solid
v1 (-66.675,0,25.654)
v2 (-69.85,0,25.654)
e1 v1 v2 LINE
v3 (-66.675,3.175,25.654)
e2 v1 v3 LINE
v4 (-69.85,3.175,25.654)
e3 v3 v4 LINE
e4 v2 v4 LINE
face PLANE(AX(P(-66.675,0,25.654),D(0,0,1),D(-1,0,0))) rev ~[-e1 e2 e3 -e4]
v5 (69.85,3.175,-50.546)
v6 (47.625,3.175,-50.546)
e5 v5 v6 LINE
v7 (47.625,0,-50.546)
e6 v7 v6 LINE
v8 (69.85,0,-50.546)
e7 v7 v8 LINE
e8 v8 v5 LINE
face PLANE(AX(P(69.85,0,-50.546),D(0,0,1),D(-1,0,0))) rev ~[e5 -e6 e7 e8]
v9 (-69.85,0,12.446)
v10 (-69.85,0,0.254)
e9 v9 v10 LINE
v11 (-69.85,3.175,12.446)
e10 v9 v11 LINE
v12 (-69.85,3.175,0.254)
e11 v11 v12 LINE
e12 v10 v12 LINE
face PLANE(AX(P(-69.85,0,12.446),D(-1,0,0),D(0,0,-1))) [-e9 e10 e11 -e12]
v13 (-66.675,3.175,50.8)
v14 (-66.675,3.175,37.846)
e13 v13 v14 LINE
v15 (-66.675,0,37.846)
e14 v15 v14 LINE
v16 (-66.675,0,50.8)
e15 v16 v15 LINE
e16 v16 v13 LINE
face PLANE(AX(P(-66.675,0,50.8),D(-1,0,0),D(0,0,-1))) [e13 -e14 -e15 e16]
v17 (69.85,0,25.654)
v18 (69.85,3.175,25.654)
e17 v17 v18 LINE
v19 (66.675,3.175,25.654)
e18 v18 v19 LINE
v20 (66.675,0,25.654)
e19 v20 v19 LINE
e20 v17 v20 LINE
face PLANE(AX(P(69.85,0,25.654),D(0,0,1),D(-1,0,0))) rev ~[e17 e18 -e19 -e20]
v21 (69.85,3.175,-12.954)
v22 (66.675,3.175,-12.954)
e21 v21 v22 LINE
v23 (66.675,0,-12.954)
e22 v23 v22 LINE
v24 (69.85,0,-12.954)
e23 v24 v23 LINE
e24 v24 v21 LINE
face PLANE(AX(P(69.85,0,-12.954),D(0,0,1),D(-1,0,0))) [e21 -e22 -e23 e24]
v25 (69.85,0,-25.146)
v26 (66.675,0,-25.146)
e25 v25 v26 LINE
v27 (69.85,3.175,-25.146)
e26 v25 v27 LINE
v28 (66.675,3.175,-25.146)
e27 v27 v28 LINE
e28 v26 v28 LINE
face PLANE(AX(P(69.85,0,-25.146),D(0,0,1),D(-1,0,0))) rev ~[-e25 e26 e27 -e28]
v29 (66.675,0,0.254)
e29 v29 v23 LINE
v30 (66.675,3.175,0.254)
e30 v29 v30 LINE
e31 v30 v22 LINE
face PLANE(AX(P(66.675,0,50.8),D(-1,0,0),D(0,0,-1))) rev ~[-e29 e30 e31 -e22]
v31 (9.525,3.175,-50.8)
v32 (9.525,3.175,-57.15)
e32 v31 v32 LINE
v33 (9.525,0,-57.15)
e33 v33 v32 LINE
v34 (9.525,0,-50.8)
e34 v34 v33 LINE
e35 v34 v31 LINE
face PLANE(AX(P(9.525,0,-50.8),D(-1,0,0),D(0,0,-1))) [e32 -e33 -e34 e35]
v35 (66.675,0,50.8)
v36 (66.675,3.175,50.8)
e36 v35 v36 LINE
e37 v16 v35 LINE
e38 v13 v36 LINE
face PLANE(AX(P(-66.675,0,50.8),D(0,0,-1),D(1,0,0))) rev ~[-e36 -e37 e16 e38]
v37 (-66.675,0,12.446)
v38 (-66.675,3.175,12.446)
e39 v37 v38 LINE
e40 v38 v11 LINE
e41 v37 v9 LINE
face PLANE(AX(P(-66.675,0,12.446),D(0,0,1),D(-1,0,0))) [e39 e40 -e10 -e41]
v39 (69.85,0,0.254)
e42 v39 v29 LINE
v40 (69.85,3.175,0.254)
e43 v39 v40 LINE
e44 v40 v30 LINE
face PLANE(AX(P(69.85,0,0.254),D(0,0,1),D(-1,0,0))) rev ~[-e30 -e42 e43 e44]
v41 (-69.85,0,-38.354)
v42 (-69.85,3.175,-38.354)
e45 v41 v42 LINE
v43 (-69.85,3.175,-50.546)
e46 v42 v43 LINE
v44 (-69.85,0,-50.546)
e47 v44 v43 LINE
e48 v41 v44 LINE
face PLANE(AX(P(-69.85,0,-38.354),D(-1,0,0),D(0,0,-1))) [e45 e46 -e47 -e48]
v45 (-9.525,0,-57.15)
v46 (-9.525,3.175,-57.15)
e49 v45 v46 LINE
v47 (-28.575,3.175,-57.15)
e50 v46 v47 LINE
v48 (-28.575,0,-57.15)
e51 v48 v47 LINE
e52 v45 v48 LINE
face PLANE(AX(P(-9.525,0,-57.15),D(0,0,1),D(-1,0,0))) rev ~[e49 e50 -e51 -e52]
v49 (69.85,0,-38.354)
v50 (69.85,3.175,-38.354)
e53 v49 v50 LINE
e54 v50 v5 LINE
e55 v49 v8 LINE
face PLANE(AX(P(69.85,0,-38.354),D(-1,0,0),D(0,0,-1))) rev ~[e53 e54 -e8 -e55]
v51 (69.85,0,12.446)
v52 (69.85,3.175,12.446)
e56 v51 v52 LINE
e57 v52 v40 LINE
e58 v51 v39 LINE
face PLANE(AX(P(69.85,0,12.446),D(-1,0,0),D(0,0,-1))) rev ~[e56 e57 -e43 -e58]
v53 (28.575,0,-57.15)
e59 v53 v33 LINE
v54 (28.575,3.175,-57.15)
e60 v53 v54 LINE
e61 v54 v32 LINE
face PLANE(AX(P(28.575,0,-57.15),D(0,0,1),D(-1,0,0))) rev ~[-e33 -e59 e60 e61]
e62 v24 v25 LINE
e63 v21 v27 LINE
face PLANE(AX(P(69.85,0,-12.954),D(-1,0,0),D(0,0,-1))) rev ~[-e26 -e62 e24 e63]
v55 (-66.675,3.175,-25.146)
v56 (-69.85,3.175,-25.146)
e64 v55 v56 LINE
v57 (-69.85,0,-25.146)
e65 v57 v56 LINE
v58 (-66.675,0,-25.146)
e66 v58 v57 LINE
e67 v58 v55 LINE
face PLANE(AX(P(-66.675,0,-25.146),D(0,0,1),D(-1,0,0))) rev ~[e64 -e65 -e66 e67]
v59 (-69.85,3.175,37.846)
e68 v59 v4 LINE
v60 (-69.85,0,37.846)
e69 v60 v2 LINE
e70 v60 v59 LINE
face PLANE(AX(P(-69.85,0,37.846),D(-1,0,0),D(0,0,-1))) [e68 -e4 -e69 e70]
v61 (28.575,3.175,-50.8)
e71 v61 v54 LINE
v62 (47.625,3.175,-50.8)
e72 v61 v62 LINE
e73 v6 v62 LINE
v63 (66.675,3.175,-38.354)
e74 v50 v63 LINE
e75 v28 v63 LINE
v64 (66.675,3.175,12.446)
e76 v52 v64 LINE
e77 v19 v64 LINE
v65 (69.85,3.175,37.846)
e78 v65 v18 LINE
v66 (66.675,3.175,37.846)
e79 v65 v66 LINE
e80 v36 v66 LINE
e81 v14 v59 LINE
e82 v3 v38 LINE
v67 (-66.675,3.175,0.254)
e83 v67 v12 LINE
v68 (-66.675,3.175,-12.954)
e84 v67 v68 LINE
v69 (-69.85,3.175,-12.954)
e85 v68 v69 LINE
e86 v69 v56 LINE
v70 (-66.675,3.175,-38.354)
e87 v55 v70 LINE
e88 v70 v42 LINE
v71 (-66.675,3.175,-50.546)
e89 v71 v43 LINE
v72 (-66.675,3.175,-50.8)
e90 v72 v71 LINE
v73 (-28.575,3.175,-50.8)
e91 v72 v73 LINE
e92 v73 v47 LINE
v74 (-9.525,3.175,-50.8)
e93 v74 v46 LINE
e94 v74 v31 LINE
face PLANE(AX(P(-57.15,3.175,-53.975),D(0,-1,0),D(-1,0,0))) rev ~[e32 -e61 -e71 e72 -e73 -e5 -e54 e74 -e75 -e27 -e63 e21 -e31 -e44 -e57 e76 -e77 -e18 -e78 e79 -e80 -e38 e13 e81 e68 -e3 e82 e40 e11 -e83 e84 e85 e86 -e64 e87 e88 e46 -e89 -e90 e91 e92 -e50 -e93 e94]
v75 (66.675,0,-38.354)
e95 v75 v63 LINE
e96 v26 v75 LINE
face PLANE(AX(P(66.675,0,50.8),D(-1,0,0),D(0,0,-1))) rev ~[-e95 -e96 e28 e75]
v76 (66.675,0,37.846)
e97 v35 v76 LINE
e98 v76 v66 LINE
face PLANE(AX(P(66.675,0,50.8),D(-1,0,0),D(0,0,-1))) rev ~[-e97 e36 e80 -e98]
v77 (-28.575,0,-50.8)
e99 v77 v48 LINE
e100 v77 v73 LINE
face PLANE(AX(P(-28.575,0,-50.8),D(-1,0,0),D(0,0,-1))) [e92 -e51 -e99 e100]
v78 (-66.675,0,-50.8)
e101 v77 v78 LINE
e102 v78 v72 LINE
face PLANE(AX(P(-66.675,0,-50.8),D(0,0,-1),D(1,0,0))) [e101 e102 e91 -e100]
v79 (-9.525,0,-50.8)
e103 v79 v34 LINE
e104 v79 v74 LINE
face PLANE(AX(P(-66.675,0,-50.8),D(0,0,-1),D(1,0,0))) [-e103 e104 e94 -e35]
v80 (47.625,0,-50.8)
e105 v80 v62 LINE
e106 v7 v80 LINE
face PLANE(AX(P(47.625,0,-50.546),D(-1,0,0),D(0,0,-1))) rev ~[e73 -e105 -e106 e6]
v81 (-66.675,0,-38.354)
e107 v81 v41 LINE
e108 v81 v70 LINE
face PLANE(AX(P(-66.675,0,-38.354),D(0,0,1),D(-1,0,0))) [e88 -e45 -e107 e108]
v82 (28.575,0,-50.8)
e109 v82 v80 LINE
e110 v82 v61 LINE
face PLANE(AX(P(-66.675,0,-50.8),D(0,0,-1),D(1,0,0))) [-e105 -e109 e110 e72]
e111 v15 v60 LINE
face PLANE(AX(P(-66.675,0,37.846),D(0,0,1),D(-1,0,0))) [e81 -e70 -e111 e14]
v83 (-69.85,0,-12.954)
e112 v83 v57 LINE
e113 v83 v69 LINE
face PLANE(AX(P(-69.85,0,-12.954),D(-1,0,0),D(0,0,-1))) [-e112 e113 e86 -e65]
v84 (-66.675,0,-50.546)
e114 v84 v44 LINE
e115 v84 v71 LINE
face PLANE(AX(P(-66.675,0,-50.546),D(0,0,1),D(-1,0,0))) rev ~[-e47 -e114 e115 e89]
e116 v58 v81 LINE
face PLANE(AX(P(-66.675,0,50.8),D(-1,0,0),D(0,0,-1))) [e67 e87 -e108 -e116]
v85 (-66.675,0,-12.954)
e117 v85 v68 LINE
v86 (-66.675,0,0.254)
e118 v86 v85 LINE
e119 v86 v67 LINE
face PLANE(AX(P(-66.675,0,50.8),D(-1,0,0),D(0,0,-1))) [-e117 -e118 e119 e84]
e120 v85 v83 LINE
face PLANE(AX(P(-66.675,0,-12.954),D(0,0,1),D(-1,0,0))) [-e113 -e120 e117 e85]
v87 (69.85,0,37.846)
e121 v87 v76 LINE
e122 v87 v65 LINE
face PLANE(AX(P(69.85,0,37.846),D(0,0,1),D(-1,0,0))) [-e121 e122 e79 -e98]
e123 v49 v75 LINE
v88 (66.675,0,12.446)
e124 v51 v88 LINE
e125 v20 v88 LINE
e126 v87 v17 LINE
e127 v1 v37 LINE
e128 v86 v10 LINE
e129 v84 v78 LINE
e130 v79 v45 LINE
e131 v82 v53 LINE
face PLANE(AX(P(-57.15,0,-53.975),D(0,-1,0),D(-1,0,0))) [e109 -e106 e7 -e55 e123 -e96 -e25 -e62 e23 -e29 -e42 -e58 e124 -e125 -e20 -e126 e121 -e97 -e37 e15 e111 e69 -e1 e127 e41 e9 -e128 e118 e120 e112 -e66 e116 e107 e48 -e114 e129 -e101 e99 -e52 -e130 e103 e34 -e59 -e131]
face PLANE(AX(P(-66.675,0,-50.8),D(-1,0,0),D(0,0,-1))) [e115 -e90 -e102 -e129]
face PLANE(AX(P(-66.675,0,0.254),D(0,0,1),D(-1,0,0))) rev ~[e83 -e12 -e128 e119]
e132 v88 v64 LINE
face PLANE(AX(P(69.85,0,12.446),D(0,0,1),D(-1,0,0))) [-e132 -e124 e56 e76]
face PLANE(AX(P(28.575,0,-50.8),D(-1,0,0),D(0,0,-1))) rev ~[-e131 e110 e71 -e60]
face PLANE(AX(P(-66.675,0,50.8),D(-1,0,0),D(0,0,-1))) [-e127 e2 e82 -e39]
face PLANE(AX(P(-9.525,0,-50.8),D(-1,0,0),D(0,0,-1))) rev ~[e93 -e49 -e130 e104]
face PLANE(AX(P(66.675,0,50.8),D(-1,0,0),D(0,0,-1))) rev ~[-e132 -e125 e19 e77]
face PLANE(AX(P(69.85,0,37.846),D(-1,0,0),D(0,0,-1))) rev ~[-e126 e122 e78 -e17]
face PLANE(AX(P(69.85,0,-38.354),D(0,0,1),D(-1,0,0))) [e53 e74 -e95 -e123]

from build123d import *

# Parameters (mm, degrees)
SKETCH1_W           = 133.35
SKETCH1_H           = 101.6
BOSS_EXTRUDE1_DEPTH = 3.175
SKETCH2_W           = 3.175
SKETCH2_H           = 12.192
SKETCH2_W_2         = 19.05
SKETCH2_H_2         = 6.35
BOSS_EXTRUDE2_DEPTH = 3.175
SKETCH3_W           = 19.05
SKETCH3_H           = 6.35
SKETCH3_H_2         = 6.604
CUT_EXTRUDE1_DEPTH  = 91.306287849


with BuildPart() as part:
    # Sketch1 → Boss-Extrude1 (new body)
    with BuildSketch(Plane(origin=(0, 0, 0), x_dir=(1, 0, 0), z_dir=(0, 1, 0))):
        Rectangle(SKETCH1_W, SKETCH1_H)
    extrude(amount=BOSS_EXTRUDE1_DEPTH)

    # Sketch2 → Boss-Extrude2 (add)
    with BuildSketch(Plane(origin=(0, 0, 0), x_dir=(-1, 0, 0), z_dir=(0, -1, 0))):
        with Locations((68.2625, -31.75)):
            Rectangle(SKETCH2_W, SKETCH2_H)
        with Locations((68.2625, -6.35)):
            Rectangle(SKETCH2_W, SKETCH2_H)
        with Locations((68.2625, 19.05)):
            Rectangle(SKETCH2_W, SKETCH2_H)
        with Locations((68.2625, 44.45)):
            Rectangle(SKETCH2_W, SKETCH2_H)
        with Locations((-68.2625, 44.45)):
            Rectangle(SKETCH2_W, SKETCH2_H)
        with Locations((-68.2625, 19.05)):
            Rectangle(SKETCH2_W, SKETCH2_H)
        with Locations((-68.2625, -6.35)):
            Rectangle(SKETCH2_W, SKETCH2_H)
        with Locations((-68.2625, -31.75)):
            Rectangle(SKETCH2_W, SKETCH2_H)
        with Locations((19.05, 53.975)):
            Rectangle(SKETCH2_W_2, SKETCH2_H_2)
        with Locations((57.15, 53.975)):
            Rectangle(SKETCH2_W_2, SKETCH2_H_2)
        with Locations((-19.05, 53.975)):
            Rectangle(SKETCH2_W_2, SKETCH2_H_2)
        with Locations((-57.15, 53.975)):
            Rectangle(SKETCH2_W_2, SKETCH2_H_2)
    extrude(amount=-BOSS_EXTRUDE2_DEPTH)

    # Sketch3 → Cut-Extrude1 (cut, through all)
    with BuildSketch(Plane(origin=(0, 0, 0), x_dir=(1, 0, 0), z_dir=(0, 1, 0))):
        with Locations((-57.15, 53.975)):
            Rectangle(SKETCH3_W, SKETCH3_H)
        with Locations((57.15, 53.848)):
            Rectangle(SKETCH3_W, SKETCH3_H_2)
    extrude(amount=CUT_EXTRUDE1_DEPTH, mode=Mode.SUBTRACT)


solid = part.part
